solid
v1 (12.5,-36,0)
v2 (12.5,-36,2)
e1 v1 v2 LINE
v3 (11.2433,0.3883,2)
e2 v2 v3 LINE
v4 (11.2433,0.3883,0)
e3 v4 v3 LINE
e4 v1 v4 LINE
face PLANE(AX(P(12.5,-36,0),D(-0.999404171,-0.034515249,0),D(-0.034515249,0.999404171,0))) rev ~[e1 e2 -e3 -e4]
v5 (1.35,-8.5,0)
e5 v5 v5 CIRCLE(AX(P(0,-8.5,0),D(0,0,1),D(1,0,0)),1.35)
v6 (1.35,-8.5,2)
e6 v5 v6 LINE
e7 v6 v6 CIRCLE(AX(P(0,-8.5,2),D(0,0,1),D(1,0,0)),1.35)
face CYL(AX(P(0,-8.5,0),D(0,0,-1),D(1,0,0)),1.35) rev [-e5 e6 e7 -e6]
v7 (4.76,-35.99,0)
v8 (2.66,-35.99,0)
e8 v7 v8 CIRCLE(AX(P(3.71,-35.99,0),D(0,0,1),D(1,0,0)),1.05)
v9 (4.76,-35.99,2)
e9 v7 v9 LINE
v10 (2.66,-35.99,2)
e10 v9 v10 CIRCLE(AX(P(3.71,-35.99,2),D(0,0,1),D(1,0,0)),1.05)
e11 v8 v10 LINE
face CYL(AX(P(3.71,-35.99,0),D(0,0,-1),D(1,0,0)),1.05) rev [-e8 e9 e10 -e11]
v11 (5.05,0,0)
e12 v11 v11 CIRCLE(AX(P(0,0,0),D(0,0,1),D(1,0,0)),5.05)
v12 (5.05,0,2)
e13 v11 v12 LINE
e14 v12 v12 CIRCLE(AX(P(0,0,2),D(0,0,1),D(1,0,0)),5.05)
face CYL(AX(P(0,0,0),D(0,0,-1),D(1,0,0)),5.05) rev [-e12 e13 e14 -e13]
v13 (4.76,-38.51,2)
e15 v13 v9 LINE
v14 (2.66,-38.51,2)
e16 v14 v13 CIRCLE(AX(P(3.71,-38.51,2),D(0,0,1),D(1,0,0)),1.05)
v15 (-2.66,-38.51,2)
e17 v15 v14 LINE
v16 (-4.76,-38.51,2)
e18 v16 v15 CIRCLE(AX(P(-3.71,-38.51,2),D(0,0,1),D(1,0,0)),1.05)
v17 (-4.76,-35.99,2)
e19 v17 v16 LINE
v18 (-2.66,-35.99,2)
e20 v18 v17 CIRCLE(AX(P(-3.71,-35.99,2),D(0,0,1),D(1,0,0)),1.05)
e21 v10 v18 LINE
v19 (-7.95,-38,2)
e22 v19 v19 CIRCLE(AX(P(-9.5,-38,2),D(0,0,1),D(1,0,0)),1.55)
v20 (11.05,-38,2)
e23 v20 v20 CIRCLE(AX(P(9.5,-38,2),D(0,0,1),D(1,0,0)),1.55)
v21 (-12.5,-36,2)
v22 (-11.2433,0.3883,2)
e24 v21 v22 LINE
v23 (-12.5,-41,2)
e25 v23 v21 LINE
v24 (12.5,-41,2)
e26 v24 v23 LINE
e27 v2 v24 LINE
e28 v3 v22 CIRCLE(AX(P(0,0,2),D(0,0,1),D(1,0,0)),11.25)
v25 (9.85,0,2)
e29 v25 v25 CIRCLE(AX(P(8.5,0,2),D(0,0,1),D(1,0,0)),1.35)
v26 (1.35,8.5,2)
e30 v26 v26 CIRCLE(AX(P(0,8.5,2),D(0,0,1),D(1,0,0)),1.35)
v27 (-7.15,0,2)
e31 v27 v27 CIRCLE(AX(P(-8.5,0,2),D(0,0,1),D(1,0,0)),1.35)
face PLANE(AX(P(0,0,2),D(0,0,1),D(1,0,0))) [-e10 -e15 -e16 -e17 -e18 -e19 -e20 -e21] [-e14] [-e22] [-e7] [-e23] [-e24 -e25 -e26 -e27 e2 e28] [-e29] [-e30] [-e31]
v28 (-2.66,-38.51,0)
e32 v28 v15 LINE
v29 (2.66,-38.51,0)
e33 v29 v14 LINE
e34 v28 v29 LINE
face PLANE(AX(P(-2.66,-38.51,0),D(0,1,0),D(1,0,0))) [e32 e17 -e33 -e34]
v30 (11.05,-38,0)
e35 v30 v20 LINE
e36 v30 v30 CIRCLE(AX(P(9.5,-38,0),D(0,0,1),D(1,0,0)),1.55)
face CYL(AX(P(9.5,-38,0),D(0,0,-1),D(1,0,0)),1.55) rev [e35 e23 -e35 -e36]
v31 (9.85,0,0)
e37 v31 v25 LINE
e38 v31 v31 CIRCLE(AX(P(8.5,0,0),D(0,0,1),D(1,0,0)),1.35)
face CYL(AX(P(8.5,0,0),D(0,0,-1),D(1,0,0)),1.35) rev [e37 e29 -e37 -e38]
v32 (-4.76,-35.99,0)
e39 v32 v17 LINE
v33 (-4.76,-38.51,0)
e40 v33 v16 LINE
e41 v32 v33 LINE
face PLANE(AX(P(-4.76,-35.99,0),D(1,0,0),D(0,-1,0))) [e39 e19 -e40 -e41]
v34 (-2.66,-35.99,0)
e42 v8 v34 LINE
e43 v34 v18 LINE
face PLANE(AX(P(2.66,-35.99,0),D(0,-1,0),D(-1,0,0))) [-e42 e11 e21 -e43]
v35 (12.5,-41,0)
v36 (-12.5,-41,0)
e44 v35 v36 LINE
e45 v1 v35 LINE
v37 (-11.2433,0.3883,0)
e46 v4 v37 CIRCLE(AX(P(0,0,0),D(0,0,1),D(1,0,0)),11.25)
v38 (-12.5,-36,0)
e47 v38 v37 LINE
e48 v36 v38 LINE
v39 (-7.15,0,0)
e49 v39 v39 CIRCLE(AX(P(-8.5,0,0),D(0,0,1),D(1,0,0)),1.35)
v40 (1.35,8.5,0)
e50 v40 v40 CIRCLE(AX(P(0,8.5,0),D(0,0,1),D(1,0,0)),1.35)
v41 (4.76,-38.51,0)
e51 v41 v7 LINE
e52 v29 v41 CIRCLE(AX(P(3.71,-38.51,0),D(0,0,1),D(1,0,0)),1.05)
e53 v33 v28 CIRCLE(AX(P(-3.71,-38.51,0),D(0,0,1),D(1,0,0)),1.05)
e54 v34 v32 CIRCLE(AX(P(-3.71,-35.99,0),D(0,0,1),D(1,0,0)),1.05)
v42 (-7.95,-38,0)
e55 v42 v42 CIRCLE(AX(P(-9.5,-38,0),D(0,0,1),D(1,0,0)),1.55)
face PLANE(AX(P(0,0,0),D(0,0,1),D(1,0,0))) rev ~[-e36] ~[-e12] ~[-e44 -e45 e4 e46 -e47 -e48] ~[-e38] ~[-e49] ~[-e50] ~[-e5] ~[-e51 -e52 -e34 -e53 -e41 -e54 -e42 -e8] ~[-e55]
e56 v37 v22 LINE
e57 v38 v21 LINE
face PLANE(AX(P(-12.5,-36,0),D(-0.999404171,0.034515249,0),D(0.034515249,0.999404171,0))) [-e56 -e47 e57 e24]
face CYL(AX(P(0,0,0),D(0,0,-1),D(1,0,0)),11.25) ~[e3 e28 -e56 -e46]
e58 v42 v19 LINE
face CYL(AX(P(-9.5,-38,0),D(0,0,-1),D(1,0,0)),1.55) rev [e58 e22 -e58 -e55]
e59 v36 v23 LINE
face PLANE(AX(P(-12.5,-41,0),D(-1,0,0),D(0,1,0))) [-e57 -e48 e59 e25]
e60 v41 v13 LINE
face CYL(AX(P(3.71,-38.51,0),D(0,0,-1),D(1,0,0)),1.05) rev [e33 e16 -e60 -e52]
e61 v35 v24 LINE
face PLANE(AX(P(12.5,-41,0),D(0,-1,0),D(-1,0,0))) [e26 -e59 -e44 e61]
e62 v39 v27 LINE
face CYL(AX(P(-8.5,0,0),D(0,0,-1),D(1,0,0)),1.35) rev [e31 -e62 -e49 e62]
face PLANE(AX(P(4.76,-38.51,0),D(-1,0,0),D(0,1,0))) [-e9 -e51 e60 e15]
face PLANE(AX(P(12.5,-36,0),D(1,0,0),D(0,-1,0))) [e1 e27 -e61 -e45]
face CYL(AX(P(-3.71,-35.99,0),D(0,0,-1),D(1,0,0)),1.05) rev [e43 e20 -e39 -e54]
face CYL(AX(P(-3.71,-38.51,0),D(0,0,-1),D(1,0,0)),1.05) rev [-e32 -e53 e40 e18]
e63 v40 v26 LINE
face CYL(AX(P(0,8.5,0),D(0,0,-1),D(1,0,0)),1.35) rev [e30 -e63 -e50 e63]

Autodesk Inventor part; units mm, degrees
ref_plane "YZ Plane" through (0, 0, 0) normal (1, 0, 0) x (0, 1, 0)
ref_plane "XZ Plane" through (0, 0, 0) normal (0, 1, 0) x (-1, 0, 0)
ref_plane "XY Plane" through (0, 0, 0) normal (0, 0, 1) x (1, 0, 0)
sketch "スケッチ1" plane through (0, 0, 0) normal (0, 0, 1) x (1, 0, 0)
  line L0 (-63.6765, 0) -> (66.53, 0) construction
  line L1 (0, 73.5962) -> (0, -63.7716) construction
  circle A0 centre (0, 0) radius 5.05
  circle A1 centre (0, 0) radius 8 construction
  circle A2 centre (0, 0) radius 11.25
  circle A3 centre (0, 8.5) radius 1.35
  circle A4 centre (0, 8.5) radius 2.75 construction
  circle A5 centre (-8.5, 0) radius 2.75 construction
  circle A6 centre (-8.5, 0) radius 1.35
  circle A7 centre (0, -8.5) radius 2.75 construction
  circle A8 centre (0, -8.5) radius 1.35
  circle A9 centre (8.5, 0) radius 2.75 construction
  circle A10 centre (8.5, 0) radius 1.35
  line L2 (12.5, -41) -> (-12.5, -41)
  line L3 (-12.5, -41) -> (-12.5, -36)
  line L4 (-12.5, -36) -> (12.5, -36) construction
  line L5 (12.5, -36) -> (12.5, -41)
  line L6 (12.5, -41) -> (-12.5, -36) construction
  line L7 (-12.5, -41) -> (12.5, -36) construction
  line L8 (12.5, -36) -> (11.2433, 0.3883)
  line L9 (-12.5, -36) -> (-11.2433, 0.3883)
  circle A11 centre (-9.5, -38) radius 1.55
  line L10 (-12.5, -38) -> (12.5, -38) construction
  line L11 (-4.75, -36) -> (-4.75, -41) construction
  line L12 (4.75, -36) -> (4.75, -41) construction
  circle A12 centre (9.5, -38) radius 1.55
  line L13 (-4.75, -36) -> (4.75, -36) construction
  line L14 (4.75, -36) -> (4.75, -38.5) construction
  line L15 (4.75, -38.5) -> (-4.75, -38.5) construction
  line L16 (-4.75, -38.5) -> (-4.75, -36) construction
  line L17 (-4.75, -37.25) -> (4.75, -37.25) construction
  line L18 (-4.76, -38.51) -> (4.76, -38.51)
  line L19 (4.76, -38.51) -> (4.76, -35.99)
  line L20 (4.76, -35.99) -> (-4.76, -35.99)
  line L21 (-4.76, -35.99) -> (-4.76, -38.51)
  circle A13 centre (-3.71, -35.99) radius 1.05
  circle A14 centre (-3.71, -38.51) radius 1.05
  circle A15 centre (3.71, -35.99) radius 1.05
  circle A16 centre (3.71, -38.51) radius 1.05
  point P0 (0, -38.5)
  point P1 (4.75, -36)
  point P2 (2.66, -38.51)
  point P3 (-2.66, -38.51)
  point P4 (-2.66, -35.99)
  point P5 (2.66, -35.99)
  dimension "d0" = 10.1
  dimension "d1" = 16
  dimension "d4" = 2.7
  dimension "d5" = 8.5
  dimension "d6" = 5.5
  dimension "d7" = 22.5
  dimension "d10" = 360
  dimension "d12" = 25
  dimension "d13" = 5
  dimension "d14" = 36
  dimension "d15" = 3
  dimension "d16" = 9.5
  dimension "d17" = 3.1
  dimension "d18" = 3
  dimension "d19" = 4.75
  dimension "d30" = 19
  dimension "d39" = 0.01
  dimension "d40" = 1.05
  dimension "d41" = 2.1
extrude "押し出し1" add sketch "スケッチ1" along normal blind 2
equation "\"d19\" = 0.5 * d16"
properties part number "Foot_roll_vertical_02" material "アルミニウム 2014-T4"
